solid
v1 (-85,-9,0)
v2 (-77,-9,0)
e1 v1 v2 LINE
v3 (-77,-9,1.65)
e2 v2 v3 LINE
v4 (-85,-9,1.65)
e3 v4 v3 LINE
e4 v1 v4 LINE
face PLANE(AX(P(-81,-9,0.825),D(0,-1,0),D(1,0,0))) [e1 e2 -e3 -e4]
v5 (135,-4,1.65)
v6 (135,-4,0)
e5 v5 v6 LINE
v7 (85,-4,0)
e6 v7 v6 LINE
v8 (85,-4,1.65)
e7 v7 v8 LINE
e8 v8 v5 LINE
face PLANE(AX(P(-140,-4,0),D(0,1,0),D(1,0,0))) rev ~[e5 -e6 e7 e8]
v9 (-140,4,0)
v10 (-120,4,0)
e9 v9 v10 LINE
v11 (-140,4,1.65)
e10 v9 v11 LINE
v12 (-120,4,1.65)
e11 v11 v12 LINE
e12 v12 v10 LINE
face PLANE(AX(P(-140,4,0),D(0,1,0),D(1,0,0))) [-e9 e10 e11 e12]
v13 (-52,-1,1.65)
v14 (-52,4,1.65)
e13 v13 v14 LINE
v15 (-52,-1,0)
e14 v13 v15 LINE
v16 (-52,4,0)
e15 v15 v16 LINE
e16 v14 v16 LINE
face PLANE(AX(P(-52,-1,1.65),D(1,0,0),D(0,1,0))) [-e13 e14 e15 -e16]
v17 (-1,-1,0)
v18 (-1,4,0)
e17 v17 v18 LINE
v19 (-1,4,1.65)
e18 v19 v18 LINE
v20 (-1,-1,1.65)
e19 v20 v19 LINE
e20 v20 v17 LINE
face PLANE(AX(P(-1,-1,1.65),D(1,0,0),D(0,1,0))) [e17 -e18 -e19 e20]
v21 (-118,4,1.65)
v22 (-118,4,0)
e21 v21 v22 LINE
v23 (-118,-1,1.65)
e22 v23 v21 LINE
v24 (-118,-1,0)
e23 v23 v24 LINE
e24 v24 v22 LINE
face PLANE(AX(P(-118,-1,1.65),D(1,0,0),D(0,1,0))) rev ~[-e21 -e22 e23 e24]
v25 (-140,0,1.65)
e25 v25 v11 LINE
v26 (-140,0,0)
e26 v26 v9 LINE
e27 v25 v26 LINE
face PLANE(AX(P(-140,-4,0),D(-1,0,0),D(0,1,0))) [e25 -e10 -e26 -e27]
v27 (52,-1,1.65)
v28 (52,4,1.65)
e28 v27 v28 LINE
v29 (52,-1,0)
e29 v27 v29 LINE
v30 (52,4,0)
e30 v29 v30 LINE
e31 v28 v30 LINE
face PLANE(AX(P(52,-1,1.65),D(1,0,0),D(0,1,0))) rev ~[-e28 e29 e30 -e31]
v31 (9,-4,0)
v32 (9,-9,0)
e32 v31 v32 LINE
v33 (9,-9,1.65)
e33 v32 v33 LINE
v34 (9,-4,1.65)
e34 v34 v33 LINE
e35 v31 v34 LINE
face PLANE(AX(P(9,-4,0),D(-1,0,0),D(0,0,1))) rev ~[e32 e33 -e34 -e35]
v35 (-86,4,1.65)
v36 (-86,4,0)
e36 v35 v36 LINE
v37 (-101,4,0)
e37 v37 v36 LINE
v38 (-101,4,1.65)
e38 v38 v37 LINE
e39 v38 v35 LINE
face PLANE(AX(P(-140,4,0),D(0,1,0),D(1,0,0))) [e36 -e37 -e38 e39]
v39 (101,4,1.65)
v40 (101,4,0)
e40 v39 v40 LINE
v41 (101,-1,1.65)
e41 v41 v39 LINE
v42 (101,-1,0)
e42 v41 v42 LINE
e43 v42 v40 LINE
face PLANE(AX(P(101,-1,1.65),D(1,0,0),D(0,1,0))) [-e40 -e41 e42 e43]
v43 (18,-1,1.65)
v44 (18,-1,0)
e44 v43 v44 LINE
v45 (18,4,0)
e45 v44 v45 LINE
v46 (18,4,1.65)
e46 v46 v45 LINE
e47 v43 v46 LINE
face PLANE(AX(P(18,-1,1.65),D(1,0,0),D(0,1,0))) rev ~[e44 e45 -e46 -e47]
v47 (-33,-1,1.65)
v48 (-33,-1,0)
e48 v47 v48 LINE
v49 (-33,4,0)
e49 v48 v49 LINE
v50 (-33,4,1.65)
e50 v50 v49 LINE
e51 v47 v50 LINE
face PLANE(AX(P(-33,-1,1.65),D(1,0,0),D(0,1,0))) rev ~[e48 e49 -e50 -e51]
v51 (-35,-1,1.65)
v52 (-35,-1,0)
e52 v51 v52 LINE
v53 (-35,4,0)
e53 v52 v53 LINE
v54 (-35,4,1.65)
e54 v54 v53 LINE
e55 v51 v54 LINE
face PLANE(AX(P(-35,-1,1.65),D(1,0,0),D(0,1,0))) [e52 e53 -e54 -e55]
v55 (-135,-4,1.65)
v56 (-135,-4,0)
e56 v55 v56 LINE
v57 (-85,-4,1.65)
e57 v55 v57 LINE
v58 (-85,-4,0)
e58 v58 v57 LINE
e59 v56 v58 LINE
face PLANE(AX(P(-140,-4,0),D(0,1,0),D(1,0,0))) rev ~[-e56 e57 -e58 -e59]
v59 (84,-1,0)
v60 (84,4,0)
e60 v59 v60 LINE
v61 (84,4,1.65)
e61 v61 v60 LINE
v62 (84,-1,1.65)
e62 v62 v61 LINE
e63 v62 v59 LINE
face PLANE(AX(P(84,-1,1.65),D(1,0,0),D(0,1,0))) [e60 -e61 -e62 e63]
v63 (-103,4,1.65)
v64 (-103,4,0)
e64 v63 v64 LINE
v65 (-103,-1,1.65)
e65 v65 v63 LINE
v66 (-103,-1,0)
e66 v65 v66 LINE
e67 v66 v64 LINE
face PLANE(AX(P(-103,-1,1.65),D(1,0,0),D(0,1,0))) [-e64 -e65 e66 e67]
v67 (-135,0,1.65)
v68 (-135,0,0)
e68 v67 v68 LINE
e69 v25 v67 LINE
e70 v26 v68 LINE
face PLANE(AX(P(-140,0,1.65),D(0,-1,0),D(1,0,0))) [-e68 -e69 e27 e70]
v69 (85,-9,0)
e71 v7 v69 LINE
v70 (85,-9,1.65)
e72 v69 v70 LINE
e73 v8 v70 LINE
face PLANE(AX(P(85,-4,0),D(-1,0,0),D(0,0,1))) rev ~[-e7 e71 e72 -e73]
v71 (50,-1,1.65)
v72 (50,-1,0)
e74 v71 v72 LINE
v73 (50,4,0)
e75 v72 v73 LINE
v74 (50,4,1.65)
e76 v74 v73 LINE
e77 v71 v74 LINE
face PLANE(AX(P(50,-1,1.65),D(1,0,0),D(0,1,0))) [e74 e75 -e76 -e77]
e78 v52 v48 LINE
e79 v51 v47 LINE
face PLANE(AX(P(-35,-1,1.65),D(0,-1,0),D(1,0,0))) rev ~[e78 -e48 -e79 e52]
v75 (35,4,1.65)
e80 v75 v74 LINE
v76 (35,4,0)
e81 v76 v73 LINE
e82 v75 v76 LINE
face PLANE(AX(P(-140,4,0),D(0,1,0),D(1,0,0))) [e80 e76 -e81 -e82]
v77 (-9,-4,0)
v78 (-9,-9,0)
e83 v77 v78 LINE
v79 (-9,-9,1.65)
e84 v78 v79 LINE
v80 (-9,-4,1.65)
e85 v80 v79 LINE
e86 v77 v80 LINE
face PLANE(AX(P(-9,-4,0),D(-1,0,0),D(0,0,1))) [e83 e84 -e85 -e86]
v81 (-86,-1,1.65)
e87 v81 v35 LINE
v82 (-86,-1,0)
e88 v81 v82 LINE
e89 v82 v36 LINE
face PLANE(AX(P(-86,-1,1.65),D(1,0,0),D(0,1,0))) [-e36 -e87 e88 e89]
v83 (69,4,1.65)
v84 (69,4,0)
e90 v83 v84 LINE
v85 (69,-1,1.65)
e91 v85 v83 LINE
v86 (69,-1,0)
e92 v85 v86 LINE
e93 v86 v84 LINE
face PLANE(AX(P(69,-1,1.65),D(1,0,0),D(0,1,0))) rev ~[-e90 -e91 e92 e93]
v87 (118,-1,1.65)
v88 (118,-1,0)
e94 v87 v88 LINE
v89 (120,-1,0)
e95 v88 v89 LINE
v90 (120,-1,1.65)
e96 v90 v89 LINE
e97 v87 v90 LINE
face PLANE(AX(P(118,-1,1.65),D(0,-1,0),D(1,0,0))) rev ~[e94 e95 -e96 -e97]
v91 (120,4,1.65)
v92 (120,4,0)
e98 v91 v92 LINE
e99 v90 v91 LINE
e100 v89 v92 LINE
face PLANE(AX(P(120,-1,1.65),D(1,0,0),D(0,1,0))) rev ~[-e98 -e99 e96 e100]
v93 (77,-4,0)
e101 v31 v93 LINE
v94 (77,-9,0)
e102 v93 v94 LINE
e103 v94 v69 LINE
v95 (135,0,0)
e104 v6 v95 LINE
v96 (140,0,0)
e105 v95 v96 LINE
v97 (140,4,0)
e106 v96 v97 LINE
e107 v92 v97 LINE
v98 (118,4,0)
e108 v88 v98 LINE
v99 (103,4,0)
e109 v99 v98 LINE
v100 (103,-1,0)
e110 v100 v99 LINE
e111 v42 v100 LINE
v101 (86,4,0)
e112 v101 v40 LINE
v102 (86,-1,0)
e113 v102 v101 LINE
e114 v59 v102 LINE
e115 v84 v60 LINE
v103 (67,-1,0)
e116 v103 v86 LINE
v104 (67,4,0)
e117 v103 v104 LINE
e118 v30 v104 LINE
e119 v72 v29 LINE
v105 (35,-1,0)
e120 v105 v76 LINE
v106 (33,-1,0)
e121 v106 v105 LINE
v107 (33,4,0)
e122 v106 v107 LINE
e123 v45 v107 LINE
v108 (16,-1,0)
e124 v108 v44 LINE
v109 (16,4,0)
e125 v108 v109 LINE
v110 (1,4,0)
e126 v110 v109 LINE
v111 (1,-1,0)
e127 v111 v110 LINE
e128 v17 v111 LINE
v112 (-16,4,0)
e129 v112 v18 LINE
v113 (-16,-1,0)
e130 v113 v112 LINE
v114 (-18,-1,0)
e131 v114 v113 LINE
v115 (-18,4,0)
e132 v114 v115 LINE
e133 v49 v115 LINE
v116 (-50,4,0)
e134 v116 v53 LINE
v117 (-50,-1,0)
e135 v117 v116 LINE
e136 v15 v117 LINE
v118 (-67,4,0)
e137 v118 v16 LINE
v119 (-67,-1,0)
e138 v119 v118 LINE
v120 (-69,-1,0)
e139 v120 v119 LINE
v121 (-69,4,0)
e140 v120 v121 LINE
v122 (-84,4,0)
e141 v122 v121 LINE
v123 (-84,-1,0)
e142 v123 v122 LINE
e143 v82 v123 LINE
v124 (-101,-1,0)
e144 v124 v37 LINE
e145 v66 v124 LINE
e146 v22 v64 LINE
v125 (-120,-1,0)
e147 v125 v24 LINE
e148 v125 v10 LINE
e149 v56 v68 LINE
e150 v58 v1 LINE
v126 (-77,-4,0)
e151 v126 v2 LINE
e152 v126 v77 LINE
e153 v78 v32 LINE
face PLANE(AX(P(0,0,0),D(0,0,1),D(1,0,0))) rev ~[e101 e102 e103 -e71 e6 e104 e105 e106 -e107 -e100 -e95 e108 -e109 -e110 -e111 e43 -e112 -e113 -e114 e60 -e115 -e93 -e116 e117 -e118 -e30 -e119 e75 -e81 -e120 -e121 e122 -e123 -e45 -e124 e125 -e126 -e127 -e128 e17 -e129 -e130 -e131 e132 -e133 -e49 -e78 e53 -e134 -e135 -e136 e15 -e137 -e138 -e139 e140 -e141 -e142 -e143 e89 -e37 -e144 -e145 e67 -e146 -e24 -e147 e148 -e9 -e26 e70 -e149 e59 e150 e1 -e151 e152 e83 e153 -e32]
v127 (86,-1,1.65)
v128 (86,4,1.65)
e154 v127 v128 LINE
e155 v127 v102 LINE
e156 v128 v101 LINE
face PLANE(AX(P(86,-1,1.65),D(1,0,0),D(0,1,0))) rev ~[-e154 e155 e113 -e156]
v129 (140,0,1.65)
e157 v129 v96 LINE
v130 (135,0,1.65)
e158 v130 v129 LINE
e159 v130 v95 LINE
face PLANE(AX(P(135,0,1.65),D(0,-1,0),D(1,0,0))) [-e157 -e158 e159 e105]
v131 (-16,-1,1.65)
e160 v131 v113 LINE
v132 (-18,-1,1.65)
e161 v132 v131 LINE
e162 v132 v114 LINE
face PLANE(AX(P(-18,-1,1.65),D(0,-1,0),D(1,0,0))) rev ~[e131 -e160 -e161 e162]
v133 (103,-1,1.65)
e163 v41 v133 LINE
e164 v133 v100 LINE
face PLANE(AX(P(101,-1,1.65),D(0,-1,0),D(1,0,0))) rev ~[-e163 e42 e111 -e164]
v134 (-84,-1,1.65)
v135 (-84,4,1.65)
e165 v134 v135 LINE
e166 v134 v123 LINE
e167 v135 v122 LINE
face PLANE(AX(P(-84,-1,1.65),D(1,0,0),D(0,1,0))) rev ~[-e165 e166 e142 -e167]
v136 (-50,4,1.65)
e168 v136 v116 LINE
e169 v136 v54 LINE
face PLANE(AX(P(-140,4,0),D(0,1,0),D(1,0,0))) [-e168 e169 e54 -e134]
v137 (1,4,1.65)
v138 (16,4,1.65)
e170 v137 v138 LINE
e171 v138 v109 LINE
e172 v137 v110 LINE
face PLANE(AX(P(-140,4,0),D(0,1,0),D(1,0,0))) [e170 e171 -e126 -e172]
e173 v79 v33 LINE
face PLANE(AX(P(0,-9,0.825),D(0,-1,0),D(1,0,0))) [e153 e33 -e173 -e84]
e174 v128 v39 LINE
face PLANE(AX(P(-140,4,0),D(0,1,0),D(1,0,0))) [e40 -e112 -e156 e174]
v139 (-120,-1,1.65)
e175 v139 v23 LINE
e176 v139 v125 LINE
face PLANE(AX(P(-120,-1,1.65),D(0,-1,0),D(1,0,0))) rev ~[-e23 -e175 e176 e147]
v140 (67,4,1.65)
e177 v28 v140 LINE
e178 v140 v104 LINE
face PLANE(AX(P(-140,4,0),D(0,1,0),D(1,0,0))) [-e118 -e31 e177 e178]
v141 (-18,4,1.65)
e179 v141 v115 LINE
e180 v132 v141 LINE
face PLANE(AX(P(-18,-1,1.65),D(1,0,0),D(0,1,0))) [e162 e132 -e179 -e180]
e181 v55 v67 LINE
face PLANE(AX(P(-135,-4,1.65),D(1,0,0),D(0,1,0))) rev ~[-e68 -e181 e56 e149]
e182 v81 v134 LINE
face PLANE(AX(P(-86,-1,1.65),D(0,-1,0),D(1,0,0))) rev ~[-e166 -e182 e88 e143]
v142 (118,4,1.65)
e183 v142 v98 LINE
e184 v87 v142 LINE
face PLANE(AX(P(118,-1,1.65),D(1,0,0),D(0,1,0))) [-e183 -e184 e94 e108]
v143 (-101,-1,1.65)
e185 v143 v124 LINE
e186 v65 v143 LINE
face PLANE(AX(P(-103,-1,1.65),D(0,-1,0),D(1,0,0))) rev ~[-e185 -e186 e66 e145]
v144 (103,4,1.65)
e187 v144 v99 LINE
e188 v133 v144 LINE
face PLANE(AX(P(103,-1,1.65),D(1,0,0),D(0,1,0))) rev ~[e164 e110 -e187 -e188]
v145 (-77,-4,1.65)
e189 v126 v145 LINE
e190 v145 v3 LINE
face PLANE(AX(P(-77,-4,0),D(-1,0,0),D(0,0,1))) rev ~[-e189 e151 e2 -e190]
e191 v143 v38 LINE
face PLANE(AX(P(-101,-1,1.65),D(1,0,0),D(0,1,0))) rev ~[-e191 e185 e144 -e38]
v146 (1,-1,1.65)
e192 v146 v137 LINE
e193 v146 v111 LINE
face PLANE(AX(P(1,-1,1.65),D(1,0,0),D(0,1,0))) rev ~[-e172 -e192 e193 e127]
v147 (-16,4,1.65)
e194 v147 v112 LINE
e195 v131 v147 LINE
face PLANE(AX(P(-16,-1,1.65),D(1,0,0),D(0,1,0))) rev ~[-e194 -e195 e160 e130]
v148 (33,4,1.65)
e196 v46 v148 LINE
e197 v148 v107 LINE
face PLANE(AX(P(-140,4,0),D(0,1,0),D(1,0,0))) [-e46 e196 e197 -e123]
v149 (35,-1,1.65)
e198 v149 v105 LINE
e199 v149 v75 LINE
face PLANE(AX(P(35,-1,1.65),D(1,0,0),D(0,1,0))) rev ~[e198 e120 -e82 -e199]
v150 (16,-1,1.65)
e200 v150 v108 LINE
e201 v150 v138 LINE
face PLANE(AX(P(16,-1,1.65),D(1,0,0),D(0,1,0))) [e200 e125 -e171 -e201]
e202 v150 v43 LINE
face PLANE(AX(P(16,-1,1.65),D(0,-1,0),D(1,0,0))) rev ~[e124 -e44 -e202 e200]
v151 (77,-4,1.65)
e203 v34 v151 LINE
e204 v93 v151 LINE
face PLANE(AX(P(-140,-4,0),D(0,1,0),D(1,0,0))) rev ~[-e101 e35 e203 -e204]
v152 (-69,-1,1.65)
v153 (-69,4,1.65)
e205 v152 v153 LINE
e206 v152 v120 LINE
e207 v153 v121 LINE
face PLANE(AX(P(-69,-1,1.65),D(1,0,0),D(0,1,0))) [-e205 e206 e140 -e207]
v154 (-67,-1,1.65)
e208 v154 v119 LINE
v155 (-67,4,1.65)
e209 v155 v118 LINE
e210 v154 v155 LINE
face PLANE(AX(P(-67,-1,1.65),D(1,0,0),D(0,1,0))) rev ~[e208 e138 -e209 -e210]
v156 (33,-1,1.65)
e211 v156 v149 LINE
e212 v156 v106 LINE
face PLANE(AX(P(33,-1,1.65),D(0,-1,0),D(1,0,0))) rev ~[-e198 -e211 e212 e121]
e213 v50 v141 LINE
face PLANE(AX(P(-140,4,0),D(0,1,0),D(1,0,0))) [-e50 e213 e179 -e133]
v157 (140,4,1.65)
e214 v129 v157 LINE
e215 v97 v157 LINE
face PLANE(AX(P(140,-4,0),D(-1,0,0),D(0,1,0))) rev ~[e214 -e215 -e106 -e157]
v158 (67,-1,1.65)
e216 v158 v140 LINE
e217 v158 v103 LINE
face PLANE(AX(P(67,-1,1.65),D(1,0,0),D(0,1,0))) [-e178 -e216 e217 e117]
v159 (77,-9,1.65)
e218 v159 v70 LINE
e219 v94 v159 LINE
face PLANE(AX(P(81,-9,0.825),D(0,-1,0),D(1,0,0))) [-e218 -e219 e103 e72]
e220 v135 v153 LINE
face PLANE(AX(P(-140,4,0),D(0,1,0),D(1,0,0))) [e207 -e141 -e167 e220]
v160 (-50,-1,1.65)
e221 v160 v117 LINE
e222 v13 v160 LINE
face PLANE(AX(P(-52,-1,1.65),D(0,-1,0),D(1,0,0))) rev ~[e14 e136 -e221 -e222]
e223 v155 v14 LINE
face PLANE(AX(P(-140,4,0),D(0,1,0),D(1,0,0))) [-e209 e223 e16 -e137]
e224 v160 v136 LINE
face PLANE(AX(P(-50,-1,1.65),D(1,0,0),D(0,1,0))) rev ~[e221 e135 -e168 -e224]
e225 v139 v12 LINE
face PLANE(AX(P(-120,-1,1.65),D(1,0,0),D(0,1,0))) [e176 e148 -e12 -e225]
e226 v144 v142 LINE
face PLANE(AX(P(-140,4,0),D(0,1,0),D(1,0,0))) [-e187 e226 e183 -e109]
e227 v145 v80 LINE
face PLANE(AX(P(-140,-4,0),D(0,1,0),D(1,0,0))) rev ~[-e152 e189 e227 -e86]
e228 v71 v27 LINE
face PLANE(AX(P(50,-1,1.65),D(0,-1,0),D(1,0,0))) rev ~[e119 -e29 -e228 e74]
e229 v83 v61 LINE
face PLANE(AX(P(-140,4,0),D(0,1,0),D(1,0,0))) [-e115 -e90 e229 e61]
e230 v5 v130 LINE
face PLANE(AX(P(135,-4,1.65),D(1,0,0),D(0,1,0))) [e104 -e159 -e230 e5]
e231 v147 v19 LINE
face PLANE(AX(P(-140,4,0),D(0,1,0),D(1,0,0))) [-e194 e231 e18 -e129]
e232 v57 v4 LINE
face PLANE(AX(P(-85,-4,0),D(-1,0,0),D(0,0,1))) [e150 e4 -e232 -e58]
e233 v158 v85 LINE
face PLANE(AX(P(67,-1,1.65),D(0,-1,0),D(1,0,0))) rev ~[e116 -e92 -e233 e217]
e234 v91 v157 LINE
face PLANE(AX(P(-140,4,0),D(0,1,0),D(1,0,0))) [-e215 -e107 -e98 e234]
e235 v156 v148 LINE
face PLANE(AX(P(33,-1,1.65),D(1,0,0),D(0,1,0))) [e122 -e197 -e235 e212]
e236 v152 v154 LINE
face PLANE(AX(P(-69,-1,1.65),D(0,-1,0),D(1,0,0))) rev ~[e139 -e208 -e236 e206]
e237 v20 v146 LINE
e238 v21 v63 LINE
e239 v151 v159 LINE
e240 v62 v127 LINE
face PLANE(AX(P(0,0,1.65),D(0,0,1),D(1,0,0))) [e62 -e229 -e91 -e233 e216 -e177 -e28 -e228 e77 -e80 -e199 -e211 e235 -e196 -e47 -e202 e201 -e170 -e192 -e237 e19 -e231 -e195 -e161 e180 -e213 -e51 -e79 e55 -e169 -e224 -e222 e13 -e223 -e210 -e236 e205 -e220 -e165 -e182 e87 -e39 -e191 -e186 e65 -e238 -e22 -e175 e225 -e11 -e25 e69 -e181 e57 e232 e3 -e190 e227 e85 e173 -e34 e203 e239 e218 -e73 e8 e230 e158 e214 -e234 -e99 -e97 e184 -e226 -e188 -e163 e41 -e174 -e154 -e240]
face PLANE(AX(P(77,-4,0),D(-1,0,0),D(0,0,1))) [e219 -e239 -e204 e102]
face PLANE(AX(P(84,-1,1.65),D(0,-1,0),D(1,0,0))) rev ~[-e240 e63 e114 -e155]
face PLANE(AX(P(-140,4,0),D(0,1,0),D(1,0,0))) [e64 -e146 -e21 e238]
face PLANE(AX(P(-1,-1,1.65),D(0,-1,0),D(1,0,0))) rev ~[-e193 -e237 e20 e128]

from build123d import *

# Parameters (mm, degrees)
SKETCH_W               = 280
SKETCH_H               = 8
PAD_DEPTH              = 1.65
SKETCH001_W            = 2
SKETCH001_H            = 5
POCKET_DEPTH           = 5
LINEARPATTERN_COUNT    = 15
LINEARPATTERN_PITCH    = 17
SKETCH002_W            = 5
SKETCH002_H            = 4
POCKET001_DEPTH        = 5
LINEARPATTERN001_COUNT = 2
LINEARPATTERN001_PITCH = 275
SKETCH003_W            = 8
SKETCH003_H            = 1.65
SKETCH003_W_2          = 18
PAD001_DEPTH           = 5


with BuildPart() as part:
    # Sketch → Pad (new body)
    with BuildSketch(Plane.XY):
        Rectangle(SKETCH_W, SKETCH_H)
    extrude(amount=PAD_DEPTH)

    # Sketch001 (on Face6 of Pad) → Pocket (cut)
    with BuildSketch(Plane.XY.offset(1.65)):
        with Locations((-119, 1.5)):
            Rectangle(SKETCH001_W, SKETCH001_H)
    pocket = extrude(amount=-POCKET_DEPTH, mode=Mode.SUBTRACT)

    # LinearPattern: Pocket ×15
    with Locations(*[(i * LINEARPATTERN_PITCH, 0, 0) for i in range(1, LINEARPATTERN_COUNT)]):
        add(pocket, mode=Mode.SUBTRACT)

    # Sketch002 (on Face4 of LinearPattern) → Pocket001 (cut)
    with BuildSketch(Plane.XY.offset(1.65)):
        with Locations((-137.5, -2)):
            Rectangle(SKETCH002_W, SKETCH002_H)
    pocket001 = extrude(amount=-POCKET001_DEPTH, mode=Mode.SUBTRACT)

    # LinearPattern001: Pocket001 ×2
    with Locations(*[(i * LINEARPATTERN001_PITCH, 0, 0) for i in range(1, LINEARPATTERN001_COUNT)]):
        add(pocket001, mode=Mode.SUBTRACT)

    # Sketch003 (on Face68 of LinearPattern001) → Pad001 (join)
    with BuildSketch(Plane.XZ.offset(4)):
        with Locations((-81, 0.825)):
            Rectangle(SKETCH003_W, SKETCH003_H)
        with Locations((0, 0.825)):
            Rectangle(SKETCH003_W_2, SKETCH003_H)
        with Locations((81, 0.825)):
            Rectangle(SKETCH003_W, SKETCH003_H)
    extrude(amount=PAD001_DEPTH)


solid = part.part
